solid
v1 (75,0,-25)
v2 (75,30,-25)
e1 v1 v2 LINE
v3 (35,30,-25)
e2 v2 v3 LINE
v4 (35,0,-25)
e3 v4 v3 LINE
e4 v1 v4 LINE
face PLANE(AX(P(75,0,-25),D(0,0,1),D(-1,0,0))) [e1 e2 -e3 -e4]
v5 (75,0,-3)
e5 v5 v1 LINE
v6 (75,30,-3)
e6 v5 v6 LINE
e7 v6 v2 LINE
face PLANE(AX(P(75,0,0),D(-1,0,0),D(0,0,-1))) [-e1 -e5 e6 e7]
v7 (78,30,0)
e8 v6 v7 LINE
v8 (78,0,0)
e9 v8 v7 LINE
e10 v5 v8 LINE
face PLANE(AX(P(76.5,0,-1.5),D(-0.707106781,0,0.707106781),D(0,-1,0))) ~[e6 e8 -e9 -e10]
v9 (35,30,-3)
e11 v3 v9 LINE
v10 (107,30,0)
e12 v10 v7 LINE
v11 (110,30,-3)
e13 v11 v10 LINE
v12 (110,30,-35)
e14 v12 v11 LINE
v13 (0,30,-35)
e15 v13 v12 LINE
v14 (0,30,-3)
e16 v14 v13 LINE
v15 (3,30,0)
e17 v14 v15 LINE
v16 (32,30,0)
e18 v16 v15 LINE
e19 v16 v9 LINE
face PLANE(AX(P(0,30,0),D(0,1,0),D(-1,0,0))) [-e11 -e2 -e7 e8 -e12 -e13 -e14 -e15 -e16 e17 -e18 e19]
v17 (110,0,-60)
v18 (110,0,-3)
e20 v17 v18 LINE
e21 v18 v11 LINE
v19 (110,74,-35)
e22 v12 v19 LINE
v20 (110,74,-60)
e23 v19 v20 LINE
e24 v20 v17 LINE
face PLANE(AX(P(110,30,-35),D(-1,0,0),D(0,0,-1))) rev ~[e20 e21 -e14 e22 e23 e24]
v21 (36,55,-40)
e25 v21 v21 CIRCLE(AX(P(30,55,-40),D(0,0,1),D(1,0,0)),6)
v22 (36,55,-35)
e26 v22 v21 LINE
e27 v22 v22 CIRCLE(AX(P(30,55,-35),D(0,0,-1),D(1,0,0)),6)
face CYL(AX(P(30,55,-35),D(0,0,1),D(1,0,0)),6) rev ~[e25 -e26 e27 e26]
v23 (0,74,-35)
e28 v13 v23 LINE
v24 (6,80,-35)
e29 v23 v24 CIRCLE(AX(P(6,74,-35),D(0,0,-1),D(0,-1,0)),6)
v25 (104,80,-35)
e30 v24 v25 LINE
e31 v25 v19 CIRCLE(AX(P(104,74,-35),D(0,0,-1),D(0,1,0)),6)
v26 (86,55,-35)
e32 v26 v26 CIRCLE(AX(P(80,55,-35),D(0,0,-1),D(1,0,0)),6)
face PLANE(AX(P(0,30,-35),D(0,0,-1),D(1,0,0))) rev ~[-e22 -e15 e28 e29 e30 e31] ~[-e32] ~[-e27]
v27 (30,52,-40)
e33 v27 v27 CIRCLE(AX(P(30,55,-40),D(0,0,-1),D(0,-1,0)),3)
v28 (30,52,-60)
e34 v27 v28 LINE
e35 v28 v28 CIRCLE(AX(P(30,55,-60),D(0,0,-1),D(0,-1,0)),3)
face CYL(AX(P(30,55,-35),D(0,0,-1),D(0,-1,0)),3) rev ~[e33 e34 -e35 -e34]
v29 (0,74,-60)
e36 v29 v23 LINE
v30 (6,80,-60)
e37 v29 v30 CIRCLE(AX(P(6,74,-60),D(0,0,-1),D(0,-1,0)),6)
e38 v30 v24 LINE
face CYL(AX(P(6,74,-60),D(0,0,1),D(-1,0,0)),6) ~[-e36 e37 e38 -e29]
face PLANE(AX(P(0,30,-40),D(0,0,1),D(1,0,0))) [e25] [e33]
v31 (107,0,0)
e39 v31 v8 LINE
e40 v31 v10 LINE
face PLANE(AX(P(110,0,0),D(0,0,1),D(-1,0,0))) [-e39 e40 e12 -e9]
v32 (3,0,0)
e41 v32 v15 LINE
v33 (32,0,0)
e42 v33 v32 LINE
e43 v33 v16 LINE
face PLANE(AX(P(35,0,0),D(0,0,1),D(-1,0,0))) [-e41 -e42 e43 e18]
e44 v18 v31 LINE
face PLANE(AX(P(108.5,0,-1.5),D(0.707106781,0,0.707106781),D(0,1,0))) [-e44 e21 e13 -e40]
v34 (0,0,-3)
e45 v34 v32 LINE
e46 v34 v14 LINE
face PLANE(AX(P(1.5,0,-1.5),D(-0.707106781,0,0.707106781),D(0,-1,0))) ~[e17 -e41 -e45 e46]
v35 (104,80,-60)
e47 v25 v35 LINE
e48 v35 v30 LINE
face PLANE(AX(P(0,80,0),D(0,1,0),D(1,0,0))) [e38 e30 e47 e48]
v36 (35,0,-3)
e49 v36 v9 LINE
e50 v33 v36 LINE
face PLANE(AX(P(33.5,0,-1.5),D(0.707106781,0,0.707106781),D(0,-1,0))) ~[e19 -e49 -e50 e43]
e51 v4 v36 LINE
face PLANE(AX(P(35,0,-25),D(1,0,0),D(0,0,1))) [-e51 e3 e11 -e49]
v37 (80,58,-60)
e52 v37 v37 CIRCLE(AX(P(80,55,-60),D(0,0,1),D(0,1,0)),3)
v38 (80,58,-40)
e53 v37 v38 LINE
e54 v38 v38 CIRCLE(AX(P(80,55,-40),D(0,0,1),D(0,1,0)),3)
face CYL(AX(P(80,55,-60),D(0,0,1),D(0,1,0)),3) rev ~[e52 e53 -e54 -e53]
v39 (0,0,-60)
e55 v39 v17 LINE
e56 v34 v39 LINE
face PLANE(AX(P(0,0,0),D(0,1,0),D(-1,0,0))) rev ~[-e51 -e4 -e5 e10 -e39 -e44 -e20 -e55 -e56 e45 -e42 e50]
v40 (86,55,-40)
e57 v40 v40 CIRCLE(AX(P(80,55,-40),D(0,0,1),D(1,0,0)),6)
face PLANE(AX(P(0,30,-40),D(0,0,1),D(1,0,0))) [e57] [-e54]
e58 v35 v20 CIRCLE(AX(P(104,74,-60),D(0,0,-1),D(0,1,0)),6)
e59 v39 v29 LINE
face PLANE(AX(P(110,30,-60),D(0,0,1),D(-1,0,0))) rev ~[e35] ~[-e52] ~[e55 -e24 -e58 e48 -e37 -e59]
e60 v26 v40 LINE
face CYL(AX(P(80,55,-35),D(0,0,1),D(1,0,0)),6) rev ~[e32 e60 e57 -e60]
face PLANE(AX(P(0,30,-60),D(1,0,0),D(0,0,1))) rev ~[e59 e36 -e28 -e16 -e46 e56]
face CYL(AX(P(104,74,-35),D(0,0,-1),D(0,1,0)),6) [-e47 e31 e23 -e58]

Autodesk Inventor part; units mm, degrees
ref_plane "YZ Plane" through (0, 0, 0) normal (1, 0, 0) x (0, 1, 0)
ref_plane "XZ Plane" through (0, 0, 0) normal (0, 1, 0) x (-1, 0, 0)
ref_plane "XY Plane" through (0, 0, 0) normal (0, 0, 1) x (1, 0, 0)
sketch "Szkic1" plane through (0, 0, 0) normal (0, 1, 0) x (-1, 0, 0)
  line L0 (0, 0) -> (0, -60)
  line L1 (0, -60) -> (-110, -60)
  line L2 (-110, -60) -> (-110, 0)
  line L3 (-110, 0) -> (-75, 0)
  line L4 (-75, 0) -> (-75, -25)
  line L5 (-75, -25) -> (-35, -25)
  line L6 (-35, -25) -> (-35, 0)
  line L7 (-35, 0) -> (0, 0)
  dimension "d0" = 60
  dimension "d1" = 110
  dimension "d2" = 35
  dimension "d3" = 25
  dimension "d4" = 40
extrude "Wyciągnięcie proste1" add sketch "Szkic1" along normal blind 30
chamfer "Faza1" distance 3 angle 45 1 edges at (0, 15, 0)
chamfer "Faza2" distance 3 angle 45 1 edges at (110, 15, 0)
chamfer "Faza3" distance 3 angle 45 1 edges at (35, 15, 0)
chamfer "Faza4" distance 3 angle 45 1 edges at (75, 15, 0)
sketch "Szkic2" plane through (0, 30, 0) normal (0, 1, 0) x (1, 0, 0)
  line L0 (0, 60) -> (0, 3) projected
  line L1 (0, 60) -> (0, 35)
  line L2 (0, 35) -> (110, 35)
  line L3 (110, 3) -> (110, 60) projected
  line L4 (110, 60) -> (0, 60) projected
  line L5 (110, 60) -> (0, 60)
  point P0 (0, 0)
  dimension "d19" = 25
extrude "Wyciągnięcie proste2" add sketch "Szkic2" along normal blind 50
fillet "Zaokrąglenie1" radius 6 1 edges at (0, 80, -47.5)
fillet "Zaokrąglenie2" radius 6 1 edges at (110, 80, -47.5)
sketch "Szkic3" plane through (0, 30, -35) normal (0, 0, 1) x (1, 0, 0)
  arc A0 (6, 50) -> (0, 44) centre (6, 44) ccw projected
  line L0 (6, 50) -> (6, 25)
  line L1 (0, -30) -> (0, 44) projected
  line L2 (0, 25) -> (110, 25)
  line L3 (110, 0) -> (110, 44) projected
  line L4 (0, 44) -> (30, 44)
  line L5 (30, 44) -> (30, 25)
  circle A1 centre (30, 25) radius 6
  dimension "d24" = 25
  dimension "d25" = 30
  dimension "d26" = 12
extrude "Wyciągnięcie proste3" cut sketch "Szkic3" against normal blind 5 contours A1 L5 L2 | L2 A1 | A1 L2 L5
sketch "Szkic4" plane through (0, 30, -35) normal (0, 0, 1) x (1, 0, 0)
  line L0 (0, 0) -> (0, 44) projected
  line L1 (0, 25) -> (110.0465, 25)
  line L2 (110.0465, 25) -> (110.0465, 50)
  line L3 (110.0465, 50) -> (30.0465, 50)
  line L4 (6, 50) -> (104, 50) projected
  line L5 (30.0465, 50) -> (30.0465, 0)
  line L6 (110, 0) -> (0, 0) projected
  line L7 (80, 50) -> (80, 0)
  circle A0 centre (80, 25) radius 6
  circle A1 centre (30.0465, 25) radius 3
  point P0 (0, -30)
  dimension "d29" = 80
  dimension "d30" = 12
  dimension "d31" = 6
extrude "Wyciągnięcie proste4" cut sketch "Szkic4" against normal blind 5 contours A0 L1 L7 | L7 L1 A0 | A0 L7 L1 | L7 A0 L1
sketch "Szkic5" plane through (0, 30, -35) normal (0, 0, 1) x (1, 0, 0)
  line L0 (110, 0) -> (110, 44) projected
  line L1 (110, 25) -> (0, 25)
  line L2 (0, 25) -> (0, 50)
  line L3 (0, 50) -> (30, 50)
  line L4 (6, 50) -> (104, 50) projected
  line L5 (30, 50) -> (30, 25)
  point P0 (0, -30)
  dimension "d34" = 30
hole "Otwór1" at (30, 55, -35) direction (0, 0, -1) diameter 6 depth 28.228 tip angle 118
sketch "Szkic6" plane through (110, 0, -60) normal (0, 0, -1) x (-1, 0, 0)
  point P0 (110, 0)
sketch "Szkic7" plane through (110, 0, -60) normal (0, 0, -1) x (-1, 0, 0)
  point P0 (110, 0)
sketch "Szkic8" plane through (110, 0, -60) normal (0, 0, -1) x (-1, 0, 0)
  line L0 (104, 80) -> (6, 80) projected
  line L1 (30, 80) -> (30, 6.837)
  circle A0 centre (30, 55) radius 6 projected
  line L2 (30, 6.837) -> (30, 55)
  line L3 (30, 55) -> (0, 55)
  line L4 (0, 30) -> (0, 74) projected
  line L5 (110, 30) -> (110, 74) projected
  line L6 (110, 55) -> (30, 55)
  point P0 (110, 0)
hole "Otwór2" at (80, 55, -60) direction (0, 0, 1) diameter 6 depth 28.228 tip angle 118
